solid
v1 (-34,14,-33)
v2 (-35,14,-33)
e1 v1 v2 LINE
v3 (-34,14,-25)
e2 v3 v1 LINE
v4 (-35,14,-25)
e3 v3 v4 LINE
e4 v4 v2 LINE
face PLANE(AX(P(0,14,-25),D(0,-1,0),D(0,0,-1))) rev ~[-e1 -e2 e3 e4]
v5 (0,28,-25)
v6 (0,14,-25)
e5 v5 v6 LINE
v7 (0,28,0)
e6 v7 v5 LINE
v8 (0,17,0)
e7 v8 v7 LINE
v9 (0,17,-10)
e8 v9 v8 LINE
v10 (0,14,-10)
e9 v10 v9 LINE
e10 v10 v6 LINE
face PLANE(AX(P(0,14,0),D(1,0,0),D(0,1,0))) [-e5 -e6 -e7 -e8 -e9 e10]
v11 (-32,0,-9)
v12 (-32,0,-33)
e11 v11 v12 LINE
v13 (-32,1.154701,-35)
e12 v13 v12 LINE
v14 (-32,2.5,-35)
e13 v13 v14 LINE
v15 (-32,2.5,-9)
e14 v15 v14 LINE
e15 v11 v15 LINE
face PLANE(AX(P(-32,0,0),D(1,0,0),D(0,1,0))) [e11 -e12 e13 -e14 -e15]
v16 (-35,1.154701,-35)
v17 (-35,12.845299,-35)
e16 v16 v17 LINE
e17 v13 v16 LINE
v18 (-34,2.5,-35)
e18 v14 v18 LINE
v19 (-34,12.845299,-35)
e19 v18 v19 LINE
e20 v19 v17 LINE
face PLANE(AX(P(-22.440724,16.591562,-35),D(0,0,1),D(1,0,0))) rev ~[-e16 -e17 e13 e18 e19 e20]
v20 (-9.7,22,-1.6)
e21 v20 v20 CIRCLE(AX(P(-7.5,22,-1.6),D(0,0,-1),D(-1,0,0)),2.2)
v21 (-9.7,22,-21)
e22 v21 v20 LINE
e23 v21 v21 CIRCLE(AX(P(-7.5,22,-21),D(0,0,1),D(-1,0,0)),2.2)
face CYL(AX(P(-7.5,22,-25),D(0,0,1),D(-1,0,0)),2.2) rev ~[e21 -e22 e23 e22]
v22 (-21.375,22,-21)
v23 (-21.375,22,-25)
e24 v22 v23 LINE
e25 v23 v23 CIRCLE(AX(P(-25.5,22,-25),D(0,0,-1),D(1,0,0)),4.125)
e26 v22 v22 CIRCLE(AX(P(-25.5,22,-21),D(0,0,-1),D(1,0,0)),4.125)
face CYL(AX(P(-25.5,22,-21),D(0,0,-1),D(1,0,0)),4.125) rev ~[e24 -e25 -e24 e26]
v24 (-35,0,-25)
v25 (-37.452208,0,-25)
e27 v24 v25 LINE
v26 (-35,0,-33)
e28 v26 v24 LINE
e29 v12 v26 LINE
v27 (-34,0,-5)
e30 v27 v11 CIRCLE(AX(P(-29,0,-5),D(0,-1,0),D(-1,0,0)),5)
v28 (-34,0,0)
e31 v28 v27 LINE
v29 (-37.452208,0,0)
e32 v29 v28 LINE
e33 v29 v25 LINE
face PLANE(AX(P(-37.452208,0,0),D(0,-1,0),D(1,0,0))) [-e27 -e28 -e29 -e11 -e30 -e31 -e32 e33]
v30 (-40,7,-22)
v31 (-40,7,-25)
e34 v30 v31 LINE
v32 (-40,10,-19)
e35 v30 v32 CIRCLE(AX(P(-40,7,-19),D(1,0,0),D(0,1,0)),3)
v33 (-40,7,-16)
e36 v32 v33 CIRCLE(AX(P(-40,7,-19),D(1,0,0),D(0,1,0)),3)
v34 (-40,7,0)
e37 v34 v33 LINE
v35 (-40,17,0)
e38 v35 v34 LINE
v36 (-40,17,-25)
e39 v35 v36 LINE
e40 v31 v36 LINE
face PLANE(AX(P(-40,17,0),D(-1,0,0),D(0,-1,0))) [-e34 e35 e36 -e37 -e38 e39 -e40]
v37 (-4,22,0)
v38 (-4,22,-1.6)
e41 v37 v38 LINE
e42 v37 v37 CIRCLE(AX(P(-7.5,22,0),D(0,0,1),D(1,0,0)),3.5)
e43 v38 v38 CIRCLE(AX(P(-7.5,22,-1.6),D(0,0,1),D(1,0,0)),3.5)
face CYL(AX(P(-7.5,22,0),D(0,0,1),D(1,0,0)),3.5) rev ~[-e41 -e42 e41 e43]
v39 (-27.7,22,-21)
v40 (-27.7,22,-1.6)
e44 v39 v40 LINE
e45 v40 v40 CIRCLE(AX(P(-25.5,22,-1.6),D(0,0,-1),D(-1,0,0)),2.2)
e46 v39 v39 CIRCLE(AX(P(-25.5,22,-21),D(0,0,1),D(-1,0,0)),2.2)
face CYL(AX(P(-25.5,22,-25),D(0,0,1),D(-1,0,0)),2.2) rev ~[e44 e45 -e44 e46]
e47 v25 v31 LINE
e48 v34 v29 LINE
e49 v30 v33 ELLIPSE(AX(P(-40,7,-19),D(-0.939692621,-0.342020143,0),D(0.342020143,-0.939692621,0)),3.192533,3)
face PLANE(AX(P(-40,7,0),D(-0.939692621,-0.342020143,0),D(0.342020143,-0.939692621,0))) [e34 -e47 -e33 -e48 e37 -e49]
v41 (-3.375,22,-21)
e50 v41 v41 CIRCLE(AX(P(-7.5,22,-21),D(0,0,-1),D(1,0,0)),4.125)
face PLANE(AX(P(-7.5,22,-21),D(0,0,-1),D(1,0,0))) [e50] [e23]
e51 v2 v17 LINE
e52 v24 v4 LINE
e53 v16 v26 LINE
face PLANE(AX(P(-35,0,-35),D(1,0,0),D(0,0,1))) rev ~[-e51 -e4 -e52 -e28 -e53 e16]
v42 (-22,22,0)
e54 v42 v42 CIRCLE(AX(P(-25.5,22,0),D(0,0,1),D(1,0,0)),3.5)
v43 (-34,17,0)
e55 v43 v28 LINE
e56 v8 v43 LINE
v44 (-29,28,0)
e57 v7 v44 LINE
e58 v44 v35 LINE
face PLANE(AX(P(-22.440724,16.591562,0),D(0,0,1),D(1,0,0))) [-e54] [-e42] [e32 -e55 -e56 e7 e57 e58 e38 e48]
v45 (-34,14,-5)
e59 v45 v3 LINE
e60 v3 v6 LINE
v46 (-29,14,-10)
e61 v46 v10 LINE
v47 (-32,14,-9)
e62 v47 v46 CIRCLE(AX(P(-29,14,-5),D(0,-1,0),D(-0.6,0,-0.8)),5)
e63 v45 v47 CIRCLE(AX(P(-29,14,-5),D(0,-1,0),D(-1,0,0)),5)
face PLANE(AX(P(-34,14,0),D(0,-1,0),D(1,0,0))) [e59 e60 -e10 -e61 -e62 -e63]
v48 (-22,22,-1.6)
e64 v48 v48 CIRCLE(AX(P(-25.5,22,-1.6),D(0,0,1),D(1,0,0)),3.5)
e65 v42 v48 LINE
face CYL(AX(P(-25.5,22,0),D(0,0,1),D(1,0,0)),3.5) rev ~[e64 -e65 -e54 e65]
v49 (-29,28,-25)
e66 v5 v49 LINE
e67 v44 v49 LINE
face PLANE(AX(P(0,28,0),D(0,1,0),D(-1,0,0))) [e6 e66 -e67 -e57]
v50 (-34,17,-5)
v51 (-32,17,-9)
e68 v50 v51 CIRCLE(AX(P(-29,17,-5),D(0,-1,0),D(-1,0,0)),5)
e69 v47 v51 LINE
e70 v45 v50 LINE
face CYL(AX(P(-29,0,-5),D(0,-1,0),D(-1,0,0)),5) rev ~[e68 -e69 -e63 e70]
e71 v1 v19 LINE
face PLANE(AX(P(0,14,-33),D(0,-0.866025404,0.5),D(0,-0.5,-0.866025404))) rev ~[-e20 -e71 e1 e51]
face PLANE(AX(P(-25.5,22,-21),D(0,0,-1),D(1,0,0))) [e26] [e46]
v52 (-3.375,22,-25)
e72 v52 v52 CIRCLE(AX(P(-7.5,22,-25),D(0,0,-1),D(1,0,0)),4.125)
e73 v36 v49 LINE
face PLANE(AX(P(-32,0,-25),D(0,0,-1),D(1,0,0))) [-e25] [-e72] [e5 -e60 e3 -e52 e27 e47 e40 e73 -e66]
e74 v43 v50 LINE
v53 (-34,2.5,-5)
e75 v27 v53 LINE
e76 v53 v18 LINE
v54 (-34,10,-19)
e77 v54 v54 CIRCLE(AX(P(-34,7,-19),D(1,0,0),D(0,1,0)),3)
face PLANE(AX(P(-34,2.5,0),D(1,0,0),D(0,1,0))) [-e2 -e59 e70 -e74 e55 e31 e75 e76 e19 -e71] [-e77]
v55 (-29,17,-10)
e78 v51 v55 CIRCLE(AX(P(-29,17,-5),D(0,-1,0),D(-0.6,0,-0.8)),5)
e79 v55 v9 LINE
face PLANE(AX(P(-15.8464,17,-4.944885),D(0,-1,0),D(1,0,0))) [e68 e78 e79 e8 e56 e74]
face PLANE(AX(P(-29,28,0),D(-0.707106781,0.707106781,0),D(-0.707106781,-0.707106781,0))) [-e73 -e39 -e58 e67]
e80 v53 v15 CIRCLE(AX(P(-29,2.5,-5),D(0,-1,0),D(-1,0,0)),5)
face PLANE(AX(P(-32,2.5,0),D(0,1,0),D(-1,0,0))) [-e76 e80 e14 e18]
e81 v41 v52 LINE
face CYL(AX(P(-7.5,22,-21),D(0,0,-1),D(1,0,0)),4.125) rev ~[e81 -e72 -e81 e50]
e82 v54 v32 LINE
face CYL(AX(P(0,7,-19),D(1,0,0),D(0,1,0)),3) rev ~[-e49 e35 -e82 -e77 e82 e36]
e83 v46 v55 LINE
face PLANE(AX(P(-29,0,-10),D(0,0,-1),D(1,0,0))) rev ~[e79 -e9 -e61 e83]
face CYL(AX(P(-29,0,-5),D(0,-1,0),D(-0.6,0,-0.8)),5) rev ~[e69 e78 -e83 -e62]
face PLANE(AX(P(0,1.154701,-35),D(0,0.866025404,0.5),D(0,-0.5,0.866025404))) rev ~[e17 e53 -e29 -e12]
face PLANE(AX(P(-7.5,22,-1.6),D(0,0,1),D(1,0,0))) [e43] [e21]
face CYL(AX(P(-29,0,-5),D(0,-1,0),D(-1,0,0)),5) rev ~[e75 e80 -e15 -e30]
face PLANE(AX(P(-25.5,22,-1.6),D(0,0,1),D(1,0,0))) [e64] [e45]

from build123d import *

# Parameters (mm, degrees)
F1_DEPTH        = 35
F3_DEPTH        = 17
F2_W            = 2.4522083601
F2_H            = 10
F2_W_2          = 2.5477916399
F2_W_3          = 32
F4_DEPTH        = 28.001
F5_W            = 2
F5_H            = 10
F6_DEPTH        = 14
F7_R            = 3
F8_DEPTH        = 40.001
F10_D           = 4.4
F10_CBORE_D     = 8.25
F10_CBORE_DEPTH = 4
F11_R           = 3.5
F11_R_2         = 2.2
F12_DEPTH       = 1.6


with BuildPart() as f1:
    # F0 (on Top) → F1 (new body)
    with BuildSketch(Plane.XY):
        Polygon((-34, 14), (0, 14), (0, 28), (-29, 28), (-40, 17), (-40, 7), (-37.4522083601, 0), (-32, 0), (-32, 2.5), (-34, 2.5), align=None)
    extrude(amount=-F1_DEPTH)

    # F2 (on face) → F3 (cut)
    with BuildSketch(Plane.XZ):
        with BuildLine():
            Line((0, 0), (-32, 0))
            Line((-32, 0), (-32, -9))
            ThreePointArc((-32, -9), (-30.5811388301, -9.7434164903), (-29, -10))
            Line((-29, -10), (0, -10))
            Line((0, -10), (0, 0))
        make_face()
        with BuildLine():
            Line((-32, 0), (-34, 0))
            Line((-34, 0), (-34, -5))
            ThreePointArc((-34, -5), (-33.472135955, -7.2360679775), (-32, -9))
            Line((-32, -9), (-32, 0))
        make_face()
    extrude(amount=-F3_DEPTH, mode=Mode.SUBTRACT)

    # F2 (on face) → F4 (cut, through all)
    with BuildSketch(Plane.XZ):
        with Locations((-36.2261041801, -30)):
            Rectangle(F2_W, F2_H)
        with Locations((-38.7261041801, -30)):
            Rectangle(F2_W_2, F2_H)
        with Locations((-16, -30)):
            Rectangle(F2_W_3, F2_H)
    extrude(amount=-F4_DEPTH, mode=Mode.SUBTRACT)

    # F5 (on face) → F6 (cut, through all)
    with BuildSketch(Plane(origin=(0, 28, 0), x_dir=(-1, 0, 0), z_dir=(0, 1, 0))):
        with Locations((33, -30)):
            Rectangle(F5_W, F5_H)
    extrude(amount=-F6_DEPTH, mode=Mode.SUBTRACT)

    # F7 (on face) → F8 (cut, through all)
    with BuildSketch(Plane.YZ):
        Polygon((23, -35), (23, -25), (14, -25), (14, -33), (14, -35), align=None)
        Polygon((14, -35), (14, -33), (12.8452994616, -35), align=None)
        with Locations((7, -19)):
            Circle(F7_R)
        Polygon((1.1547005384, -35), (0, -33), (0, -35), align=None)
    extrude(amount=-F8_DEPTH, mode=Mode.SUBTRACT)

    # F10 (through all)
    with Locations(Plane(origin=(0, 0, -25), x_dir=(1, 0, 0), z_dir=(0, 0, -1))):
        with Locations((-25.5, -22), (-7.5, -22)):
            CounterBoreHole(F10_D / 2, F10_CBORE_D / 2, F10_CBORE_DEPTH)

    # F11 (on face) → F12 (cut)
    with BuildSketch(Plane.XY):
        with Locations((-25.5, 22)):
            Circle(F11_R)
        with Locations((-25.5, 22)):
            Circle(F11_R_2, mode=Mode.SUBTRACT)
        with Locations((-7.5, 22)):
            Circle(F11_R)
        with Locations((-7.5, 22)):
            Circle(F11_R_2, mode=Mode.SUBTRACT)
    extrude(amount=-F12_DEPTH, mode=Mode.SUBTRACT)


solid = f1.part
